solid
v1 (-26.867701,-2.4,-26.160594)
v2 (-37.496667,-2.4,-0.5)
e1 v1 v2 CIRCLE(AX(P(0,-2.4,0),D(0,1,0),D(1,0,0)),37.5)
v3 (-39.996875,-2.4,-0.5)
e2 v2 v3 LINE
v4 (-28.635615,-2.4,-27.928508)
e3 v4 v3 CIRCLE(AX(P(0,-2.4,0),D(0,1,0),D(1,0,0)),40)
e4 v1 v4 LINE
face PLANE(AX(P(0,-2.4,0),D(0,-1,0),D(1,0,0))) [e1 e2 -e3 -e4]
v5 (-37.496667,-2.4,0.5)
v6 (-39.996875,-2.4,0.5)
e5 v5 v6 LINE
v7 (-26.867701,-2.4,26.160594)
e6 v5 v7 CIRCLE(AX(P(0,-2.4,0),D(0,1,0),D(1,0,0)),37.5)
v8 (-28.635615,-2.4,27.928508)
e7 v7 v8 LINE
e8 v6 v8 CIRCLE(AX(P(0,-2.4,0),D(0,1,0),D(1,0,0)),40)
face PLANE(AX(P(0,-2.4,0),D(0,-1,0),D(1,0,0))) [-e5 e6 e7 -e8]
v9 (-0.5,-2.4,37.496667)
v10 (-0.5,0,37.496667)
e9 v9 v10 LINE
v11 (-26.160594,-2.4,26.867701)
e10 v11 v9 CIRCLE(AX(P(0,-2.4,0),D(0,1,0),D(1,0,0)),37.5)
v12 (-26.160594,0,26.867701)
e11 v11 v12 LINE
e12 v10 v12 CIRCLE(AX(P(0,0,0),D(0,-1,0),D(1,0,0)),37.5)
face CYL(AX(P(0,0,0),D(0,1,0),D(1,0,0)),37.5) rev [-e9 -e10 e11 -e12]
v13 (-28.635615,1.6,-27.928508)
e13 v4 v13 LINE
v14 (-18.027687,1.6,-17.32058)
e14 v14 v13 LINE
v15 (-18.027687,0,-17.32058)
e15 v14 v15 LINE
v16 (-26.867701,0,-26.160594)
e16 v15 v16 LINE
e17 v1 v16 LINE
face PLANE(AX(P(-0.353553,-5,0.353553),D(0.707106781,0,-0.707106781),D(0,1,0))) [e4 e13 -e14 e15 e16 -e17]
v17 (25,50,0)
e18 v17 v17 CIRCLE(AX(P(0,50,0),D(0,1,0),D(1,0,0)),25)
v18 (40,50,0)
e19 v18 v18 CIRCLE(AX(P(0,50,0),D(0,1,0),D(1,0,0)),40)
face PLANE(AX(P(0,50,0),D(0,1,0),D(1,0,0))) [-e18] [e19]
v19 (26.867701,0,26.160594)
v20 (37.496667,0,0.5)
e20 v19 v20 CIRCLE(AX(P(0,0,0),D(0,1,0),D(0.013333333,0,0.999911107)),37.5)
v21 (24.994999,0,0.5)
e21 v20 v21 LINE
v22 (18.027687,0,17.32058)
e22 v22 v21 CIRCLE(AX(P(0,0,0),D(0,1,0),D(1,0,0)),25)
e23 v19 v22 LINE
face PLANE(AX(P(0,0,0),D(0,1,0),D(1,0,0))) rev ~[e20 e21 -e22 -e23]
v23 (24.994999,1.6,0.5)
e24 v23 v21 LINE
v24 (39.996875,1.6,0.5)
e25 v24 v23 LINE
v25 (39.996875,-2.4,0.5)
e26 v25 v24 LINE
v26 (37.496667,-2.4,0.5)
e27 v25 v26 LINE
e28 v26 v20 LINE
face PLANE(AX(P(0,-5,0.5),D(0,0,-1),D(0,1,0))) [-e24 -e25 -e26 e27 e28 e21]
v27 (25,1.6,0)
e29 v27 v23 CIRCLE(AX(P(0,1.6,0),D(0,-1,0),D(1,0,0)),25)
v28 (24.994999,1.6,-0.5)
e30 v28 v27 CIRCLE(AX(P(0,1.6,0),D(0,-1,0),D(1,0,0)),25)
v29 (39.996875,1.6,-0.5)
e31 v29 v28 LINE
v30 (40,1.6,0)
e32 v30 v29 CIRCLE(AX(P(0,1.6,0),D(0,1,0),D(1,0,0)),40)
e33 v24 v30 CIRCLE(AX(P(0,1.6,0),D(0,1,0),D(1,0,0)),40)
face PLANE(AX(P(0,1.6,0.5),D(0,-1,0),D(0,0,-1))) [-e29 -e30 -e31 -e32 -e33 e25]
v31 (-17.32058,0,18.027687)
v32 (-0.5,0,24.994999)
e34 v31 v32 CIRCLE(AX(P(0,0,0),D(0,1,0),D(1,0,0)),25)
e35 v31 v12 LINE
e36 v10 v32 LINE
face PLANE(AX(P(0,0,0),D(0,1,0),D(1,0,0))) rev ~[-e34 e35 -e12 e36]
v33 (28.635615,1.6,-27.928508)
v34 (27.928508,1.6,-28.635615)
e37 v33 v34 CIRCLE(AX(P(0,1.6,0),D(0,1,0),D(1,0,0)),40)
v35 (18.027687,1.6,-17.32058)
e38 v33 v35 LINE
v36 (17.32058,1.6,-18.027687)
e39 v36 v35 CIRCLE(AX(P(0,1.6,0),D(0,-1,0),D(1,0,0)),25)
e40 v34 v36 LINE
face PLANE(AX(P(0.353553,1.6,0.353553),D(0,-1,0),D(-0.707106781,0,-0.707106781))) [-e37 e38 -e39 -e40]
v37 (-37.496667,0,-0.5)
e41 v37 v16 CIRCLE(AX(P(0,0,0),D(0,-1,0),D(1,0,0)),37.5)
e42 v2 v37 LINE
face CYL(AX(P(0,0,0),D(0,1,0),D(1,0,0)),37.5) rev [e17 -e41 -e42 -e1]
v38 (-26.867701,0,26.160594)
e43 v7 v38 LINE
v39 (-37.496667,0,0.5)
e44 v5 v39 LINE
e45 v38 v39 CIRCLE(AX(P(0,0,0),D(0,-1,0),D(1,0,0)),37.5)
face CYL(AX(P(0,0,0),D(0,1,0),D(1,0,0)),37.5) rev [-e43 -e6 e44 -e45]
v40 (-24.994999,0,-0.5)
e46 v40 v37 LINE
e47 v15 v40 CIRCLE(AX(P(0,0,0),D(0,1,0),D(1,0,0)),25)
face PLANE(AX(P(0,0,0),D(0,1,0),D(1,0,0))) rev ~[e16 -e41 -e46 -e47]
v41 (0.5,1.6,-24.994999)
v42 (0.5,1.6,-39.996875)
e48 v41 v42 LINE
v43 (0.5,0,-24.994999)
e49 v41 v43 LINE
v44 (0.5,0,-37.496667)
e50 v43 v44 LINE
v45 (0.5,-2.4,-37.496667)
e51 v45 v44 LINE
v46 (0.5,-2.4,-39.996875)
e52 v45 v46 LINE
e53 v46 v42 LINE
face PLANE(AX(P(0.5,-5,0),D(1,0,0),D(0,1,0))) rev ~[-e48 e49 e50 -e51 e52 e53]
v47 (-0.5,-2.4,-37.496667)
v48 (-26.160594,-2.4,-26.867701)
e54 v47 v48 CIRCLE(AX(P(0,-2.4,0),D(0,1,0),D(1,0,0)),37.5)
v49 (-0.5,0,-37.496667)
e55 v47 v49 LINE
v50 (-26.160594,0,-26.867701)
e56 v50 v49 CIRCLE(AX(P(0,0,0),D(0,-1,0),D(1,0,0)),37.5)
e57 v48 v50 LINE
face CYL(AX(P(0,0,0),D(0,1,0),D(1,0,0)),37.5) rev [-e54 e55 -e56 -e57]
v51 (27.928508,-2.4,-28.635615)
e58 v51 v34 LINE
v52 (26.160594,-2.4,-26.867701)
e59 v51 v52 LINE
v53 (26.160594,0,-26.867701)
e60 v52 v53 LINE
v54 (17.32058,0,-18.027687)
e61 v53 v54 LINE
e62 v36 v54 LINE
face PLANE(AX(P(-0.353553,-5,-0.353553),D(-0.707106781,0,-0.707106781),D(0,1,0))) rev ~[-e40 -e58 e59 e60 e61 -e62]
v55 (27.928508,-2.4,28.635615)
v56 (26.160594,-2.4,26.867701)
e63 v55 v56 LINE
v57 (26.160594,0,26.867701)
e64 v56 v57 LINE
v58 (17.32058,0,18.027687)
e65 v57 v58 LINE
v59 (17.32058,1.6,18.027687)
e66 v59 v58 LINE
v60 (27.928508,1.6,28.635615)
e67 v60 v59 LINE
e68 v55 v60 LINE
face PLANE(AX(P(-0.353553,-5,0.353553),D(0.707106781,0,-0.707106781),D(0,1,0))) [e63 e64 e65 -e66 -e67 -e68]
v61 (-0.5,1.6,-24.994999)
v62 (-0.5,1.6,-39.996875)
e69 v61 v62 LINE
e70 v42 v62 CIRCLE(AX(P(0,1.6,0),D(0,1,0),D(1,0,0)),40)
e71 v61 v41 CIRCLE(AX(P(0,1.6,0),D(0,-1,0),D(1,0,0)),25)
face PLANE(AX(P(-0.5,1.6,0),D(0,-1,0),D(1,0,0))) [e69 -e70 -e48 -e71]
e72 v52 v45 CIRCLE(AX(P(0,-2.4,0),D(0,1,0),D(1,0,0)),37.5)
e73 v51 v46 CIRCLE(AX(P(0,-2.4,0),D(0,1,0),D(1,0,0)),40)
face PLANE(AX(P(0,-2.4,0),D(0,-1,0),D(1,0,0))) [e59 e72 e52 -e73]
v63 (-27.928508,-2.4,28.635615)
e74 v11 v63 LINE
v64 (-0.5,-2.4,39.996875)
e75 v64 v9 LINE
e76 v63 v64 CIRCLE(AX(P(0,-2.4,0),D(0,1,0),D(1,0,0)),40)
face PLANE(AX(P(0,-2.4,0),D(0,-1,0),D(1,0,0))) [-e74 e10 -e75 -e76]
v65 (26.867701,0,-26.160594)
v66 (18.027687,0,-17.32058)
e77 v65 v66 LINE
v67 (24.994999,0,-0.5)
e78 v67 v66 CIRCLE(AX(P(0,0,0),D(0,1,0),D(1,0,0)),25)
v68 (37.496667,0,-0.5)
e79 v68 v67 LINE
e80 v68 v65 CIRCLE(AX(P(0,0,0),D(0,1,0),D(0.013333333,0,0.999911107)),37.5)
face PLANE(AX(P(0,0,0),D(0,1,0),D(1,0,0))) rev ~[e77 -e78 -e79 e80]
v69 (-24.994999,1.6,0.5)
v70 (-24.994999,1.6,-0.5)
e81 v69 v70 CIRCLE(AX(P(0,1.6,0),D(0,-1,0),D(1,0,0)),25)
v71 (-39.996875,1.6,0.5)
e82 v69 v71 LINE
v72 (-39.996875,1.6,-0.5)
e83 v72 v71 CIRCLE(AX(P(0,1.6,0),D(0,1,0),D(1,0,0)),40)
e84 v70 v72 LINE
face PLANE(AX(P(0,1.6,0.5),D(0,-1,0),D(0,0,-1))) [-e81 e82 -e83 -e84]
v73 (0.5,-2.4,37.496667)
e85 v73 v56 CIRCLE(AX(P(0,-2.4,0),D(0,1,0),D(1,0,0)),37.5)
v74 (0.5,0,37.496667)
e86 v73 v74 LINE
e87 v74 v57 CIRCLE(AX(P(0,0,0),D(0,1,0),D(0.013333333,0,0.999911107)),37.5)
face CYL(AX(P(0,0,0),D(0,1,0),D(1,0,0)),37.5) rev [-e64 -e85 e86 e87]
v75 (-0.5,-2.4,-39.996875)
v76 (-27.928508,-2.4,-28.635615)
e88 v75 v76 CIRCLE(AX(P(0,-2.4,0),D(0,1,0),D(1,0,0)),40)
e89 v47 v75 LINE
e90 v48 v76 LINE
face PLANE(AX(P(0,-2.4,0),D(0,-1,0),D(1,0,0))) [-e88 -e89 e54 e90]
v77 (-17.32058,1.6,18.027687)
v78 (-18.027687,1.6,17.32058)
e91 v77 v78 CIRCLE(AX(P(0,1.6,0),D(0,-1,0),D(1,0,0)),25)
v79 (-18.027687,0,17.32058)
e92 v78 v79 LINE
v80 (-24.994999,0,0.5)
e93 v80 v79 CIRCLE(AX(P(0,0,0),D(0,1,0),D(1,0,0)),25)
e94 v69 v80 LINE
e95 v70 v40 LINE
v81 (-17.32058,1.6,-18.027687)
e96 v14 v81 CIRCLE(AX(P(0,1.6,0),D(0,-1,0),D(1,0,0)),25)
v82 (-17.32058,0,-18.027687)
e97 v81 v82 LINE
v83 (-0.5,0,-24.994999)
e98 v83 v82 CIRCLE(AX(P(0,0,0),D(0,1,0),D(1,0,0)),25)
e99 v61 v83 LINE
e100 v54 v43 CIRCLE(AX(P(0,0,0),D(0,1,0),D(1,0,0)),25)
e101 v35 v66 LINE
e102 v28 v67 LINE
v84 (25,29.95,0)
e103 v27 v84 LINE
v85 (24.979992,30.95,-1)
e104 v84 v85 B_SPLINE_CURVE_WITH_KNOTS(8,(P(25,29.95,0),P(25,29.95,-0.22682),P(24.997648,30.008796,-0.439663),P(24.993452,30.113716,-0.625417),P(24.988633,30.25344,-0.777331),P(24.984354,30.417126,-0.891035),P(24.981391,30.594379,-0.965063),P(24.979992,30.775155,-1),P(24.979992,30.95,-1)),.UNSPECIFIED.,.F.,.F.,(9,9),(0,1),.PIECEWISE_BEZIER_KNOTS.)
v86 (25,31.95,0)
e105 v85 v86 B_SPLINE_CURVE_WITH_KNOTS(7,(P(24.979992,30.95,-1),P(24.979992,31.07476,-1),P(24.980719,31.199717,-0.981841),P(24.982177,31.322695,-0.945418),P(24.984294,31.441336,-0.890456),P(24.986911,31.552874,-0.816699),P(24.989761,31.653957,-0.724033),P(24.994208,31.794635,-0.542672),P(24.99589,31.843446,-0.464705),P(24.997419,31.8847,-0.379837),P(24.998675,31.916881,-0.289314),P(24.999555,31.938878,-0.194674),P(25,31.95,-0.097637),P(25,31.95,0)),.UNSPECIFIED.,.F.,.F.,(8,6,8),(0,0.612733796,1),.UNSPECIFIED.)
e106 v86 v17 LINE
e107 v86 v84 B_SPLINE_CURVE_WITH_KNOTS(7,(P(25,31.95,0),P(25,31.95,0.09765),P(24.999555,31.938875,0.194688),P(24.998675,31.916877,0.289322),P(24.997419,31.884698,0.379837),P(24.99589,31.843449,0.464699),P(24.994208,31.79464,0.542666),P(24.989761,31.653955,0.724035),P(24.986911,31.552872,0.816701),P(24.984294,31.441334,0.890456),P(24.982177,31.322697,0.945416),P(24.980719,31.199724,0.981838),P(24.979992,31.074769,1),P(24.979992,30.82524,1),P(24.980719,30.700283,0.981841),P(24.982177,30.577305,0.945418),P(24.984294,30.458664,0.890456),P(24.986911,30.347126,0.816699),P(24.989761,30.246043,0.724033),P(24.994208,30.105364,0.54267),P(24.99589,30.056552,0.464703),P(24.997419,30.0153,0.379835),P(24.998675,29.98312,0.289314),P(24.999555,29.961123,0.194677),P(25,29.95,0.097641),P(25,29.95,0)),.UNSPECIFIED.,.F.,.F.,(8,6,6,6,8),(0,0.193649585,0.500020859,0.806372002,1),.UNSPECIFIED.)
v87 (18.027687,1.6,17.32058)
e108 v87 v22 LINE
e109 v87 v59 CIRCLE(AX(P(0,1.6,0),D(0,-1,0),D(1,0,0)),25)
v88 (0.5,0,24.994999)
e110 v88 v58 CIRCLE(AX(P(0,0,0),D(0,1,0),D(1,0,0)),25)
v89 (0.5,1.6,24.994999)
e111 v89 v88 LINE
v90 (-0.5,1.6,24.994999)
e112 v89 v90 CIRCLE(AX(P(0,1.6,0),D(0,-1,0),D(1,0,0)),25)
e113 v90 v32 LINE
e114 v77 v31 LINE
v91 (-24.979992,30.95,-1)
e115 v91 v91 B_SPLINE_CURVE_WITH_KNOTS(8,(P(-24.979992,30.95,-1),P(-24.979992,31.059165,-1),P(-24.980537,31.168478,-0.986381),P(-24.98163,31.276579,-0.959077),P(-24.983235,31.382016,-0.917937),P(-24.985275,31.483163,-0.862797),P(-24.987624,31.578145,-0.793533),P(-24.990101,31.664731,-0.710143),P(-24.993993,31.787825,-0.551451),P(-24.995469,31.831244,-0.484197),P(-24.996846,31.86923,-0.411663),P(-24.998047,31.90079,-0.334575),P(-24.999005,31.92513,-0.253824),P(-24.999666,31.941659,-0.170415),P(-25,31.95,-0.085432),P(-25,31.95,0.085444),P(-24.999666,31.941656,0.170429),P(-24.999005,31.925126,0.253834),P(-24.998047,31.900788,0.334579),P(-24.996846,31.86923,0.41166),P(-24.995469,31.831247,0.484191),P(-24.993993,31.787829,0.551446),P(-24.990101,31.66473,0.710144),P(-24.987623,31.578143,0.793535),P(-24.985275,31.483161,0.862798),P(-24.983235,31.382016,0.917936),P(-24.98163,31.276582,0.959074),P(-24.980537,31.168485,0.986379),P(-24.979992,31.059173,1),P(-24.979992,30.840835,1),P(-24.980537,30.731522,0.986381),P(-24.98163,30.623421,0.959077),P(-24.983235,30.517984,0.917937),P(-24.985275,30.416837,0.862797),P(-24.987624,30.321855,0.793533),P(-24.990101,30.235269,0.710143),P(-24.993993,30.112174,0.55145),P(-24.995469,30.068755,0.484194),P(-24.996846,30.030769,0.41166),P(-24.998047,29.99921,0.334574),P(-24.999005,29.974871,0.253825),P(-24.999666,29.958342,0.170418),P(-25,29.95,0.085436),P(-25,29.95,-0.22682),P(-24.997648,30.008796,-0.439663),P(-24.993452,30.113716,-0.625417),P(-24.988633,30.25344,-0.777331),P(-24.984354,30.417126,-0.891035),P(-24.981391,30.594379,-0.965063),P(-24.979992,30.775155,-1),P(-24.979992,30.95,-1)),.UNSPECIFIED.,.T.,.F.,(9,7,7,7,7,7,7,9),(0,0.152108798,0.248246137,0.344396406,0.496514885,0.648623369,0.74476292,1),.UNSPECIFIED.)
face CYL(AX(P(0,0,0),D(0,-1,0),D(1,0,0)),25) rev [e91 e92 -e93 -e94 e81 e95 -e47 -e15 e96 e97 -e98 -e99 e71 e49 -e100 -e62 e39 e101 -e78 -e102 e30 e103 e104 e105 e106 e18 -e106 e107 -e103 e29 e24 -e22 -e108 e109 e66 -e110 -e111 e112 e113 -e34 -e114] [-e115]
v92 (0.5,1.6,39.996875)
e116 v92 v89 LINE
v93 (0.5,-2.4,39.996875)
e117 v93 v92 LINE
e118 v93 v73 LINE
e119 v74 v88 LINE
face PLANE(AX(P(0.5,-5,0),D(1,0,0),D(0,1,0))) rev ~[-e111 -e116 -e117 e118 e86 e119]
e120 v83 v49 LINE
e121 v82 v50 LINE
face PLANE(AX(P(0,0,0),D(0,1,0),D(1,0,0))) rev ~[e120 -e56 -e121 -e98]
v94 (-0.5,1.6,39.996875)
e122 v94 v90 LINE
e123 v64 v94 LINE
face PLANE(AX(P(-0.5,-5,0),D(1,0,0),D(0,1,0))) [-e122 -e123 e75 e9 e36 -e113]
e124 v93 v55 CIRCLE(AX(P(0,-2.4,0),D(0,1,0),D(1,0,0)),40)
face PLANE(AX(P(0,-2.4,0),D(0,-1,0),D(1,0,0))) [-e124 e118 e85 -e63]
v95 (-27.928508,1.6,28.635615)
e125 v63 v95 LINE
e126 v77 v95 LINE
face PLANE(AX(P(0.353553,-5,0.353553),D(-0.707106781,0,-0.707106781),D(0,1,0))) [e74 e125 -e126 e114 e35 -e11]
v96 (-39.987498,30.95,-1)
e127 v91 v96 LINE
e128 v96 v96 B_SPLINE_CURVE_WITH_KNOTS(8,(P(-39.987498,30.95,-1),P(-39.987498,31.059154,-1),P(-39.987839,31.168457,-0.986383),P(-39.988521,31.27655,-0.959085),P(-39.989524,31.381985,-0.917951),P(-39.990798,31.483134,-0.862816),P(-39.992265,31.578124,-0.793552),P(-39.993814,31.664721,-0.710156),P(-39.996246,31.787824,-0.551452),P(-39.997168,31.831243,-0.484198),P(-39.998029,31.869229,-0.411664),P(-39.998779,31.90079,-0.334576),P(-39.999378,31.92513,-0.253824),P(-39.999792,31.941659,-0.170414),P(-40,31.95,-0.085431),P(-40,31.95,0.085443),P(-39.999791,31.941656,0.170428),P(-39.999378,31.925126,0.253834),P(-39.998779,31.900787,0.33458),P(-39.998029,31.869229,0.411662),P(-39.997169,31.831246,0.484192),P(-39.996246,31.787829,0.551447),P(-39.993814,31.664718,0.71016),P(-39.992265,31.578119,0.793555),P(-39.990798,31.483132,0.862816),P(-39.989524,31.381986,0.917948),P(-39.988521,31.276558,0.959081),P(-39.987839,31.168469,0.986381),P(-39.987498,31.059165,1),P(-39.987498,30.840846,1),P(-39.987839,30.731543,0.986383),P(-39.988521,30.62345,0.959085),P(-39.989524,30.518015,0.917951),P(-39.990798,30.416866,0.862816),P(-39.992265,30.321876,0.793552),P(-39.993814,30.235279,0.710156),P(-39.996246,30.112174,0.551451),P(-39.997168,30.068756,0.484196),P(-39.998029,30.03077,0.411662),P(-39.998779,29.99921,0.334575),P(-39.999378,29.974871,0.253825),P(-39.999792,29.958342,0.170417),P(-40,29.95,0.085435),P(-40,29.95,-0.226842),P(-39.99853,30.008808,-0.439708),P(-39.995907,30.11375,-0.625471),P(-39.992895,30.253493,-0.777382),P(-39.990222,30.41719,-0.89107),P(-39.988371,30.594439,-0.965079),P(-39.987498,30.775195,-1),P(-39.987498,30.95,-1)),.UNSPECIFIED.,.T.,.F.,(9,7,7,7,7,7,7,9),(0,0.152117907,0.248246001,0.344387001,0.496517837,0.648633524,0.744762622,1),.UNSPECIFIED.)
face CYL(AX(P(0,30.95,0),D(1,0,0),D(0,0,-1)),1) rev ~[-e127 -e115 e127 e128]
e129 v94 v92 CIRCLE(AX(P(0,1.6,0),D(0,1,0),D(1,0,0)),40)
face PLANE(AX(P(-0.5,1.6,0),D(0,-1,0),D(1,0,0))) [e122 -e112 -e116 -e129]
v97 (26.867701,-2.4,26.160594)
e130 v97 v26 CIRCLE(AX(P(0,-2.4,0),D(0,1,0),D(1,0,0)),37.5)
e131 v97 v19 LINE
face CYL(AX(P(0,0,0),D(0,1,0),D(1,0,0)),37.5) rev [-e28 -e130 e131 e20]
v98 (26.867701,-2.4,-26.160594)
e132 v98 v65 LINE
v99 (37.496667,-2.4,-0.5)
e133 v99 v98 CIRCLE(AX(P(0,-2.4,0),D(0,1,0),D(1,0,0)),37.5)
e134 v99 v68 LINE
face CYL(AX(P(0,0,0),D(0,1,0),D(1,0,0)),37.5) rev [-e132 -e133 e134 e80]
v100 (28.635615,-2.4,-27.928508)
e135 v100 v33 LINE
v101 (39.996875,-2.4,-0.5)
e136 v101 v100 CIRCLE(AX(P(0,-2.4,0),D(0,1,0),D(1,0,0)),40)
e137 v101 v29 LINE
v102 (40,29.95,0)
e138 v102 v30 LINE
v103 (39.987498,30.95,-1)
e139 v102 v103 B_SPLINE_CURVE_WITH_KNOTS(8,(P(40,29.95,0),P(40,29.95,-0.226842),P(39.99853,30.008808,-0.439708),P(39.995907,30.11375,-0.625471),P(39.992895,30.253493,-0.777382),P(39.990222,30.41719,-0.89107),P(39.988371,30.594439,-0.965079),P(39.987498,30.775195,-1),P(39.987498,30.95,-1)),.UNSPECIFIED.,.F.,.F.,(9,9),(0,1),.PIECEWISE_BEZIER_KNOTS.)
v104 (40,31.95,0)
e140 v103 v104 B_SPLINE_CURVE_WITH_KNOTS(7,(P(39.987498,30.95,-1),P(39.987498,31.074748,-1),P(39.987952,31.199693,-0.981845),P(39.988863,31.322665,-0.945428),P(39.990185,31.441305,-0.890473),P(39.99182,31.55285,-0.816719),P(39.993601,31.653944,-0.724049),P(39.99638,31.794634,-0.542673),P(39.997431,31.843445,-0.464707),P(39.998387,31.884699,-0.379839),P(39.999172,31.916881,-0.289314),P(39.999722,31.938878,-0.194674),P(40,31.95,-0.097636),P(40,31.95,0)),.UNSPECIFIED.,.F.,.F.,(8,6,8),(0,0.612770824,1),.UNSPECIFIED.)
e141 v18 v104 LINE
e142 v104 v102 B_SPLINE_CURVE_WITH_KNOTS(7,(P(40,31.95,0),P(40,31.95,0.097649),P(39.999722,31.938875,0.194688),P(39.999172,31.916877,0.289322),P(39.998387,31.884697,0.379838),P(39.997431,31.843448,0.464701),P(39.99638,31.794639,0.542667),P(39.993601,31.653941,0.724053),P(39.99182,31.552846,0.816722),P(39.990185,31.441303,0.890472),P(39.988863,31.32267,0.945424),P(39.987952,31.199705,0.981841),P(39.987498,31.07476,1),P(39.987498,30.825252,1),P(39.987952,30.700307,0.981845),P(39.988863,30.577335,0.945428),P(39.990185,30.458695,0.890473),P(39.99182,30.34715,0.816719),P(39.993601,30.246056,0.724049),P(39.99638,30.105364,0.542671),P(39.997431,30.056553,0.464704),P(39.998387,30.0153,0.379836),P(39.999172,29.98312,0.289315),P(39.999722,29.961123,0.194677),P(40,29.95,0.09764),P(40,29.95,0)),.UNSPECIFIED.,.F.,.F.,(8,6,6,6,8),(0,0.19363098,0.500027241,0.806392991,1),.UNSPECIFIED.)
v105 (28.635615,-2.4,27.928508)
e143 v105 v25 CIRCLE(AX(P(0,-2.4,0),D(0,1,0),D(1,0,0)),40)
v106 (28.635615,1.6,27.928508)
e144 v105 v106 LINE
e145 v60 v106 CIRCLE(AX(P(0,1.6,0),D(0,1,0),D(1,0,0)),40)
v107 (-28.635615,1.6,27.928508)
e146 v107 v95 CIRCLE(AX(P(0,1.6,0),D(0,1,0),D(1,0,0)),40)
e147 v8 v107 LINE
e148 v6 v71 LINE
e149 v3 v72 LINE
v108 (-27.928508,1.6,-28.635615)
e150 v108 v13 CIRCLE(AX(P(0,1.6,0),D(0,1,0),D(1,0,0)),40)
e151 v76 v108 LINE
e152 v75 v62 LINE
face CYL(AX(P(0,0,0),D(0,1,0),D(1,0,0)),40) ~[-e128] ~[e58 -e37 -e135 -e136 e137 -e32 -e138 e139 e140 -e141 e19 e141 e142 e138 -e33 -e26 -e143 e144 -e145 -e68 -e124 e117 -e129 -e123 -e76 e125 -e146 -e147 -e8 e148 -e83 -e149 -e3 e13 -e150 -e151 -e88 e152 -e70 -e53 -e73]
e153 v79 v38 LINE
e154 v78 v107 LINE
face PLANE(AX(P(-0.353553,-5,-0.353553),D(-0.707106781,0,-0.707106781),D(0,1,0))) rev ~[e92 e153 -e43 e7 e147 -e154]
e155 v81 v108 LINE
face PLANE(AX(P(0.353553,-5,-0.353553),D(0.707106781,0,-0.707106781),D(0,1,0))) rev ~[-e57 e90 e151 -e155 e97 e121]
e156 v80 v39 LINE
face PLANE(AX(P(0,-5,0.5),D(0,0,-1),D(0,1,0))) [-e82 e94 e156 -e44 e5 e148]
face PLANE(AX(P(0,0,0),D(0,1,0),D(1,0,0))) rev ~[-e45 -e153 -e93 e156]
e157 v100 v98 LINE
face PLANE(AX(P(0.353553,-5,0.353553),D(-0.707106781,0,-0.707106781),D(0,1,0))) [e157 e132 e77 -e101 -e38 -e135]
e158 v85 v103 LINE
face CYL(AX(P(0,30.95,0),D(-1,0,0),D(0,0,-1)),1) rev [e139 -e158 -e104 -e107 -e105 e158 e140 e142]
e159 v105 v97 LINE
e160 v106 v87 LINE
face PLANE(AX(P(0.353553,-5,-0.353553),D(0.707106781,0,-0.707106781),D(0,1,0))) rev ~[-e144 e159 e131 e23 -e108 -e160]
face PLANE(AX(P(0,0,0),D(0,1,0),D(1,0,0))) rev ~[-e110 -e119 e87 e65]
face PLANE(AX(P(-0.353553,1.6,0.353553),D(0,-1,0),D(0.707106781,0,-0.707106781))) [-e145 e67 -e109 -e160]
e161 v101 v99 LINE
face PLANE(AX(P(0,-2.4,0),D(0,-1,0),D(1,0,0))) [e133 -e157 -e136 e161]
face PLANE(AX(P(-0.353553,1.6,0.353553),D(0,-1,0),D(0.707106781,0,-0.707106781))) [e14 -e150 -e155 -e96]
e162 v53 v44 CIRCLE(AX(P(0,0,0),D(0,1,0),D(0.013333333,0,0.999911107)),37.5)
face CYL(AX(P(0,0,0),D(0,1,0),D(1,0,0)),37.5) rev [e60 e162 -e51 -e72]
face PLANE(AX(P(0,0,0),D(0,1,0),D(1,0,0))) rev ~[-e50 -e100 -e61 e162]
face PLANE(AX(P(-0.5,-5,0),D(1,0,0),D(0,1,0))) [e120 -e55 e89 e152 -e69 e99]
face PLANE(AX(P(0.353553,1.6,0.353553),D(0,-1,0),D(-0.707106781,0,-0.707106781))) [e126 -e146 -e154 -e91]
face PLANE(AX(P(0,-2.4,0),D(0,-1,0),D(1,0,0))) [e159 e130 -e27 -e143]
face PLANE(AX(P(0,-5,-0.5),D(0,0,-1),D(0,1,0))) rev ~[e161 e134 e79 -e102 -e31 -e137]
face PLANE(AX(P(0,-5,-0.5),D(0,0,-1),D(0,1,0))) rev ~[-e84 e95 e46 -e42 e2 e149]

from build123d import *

# Parameters (mm, degrees)
SKETCH1_R               = 40
SKETCH1_R_2             = 25
BOSS_EXTRUDE1_DEPTH     = 50
SKETCH2_R               = 40
SKETCH2_R_2             = 37.5
BOSS_EXTRUDE2_DEPTH     = 5
SKETCH3_R               = 1
CUT_EXTRUDE2_DEPTH      = 41
CUT_EXTRUDE2_DEPTH_BACK = 41
SKETCH4_W               = 1
SKETCH4_H               = 6.6
CUT_EXTRUDE3_DEPTH      = 41.0000001
CIRPATTERN1_COUNT       = 4
CIRPATTERN1_ANGLE       = 135
SKETCH5_R               = 61.08994387
CUT_EXTRUDE4_DEPTH      = 2.6


with BuildPart() as part:
    # Sketch1 → Boss-Extrude1 (new body)
    with BuildSketch(Plane(origin=(0, 0, 0), x_dir=(1, 0, 0), z_dir=(0, 1, 0))):
        Circle(SKETCH1_R)
        Circle(SKETCH1_R_2, mode=Mode.SUBTRACT)
    extrude(amount=BOSS_EXTRUDE1_DEPTH)

    # Sketch2 → Boss-Extrude2 (add)
    with BuildSketch(Plane.XZ):
        Circle(SKETCH2_R)
        Circle(SKETCH2_R_2, mode=Mode.SUBTRACT)
    extrude(amount=BOSS_EXTRUDE2_DEPTH)

    # Sketch3 → Cut-Extrude2 (cut, two sides)
    with BuildSketch(Plane(origin=(0, 0, 0), x_dir=(0, 0, -1), z_dir=(1, 0, 0))) as cut_extrude2_sk:
        with Locations((0, 30.95)):
            Circle(SKETCH3_R)
    extrude(amount=CUT_EXTRUDE2_DEPTH, mode=Mode.SUBTRACT)
    extrude(cut_extrude2_sk.sketch, amount=-CUT_EXTRUDE2_DEPTH_BACK, mode=Mode.SUBTRACT)

    # Sketch4 → Cut-Extrude3 (cut, symmetric)
    with BuildSketch(Plane.XY):
        with Locations((0, -1.7)):
            Rectangle(SKETCH4_W, SKETCH4_H)
    cut_extrude3 = extrude(amount=CUT_EXTRUDE3_DEPTH, both=True, mode=Mode.SUBTRACT)

    # CirPattern1: Cut-Extrude3 ×4 about axis
    cirpattern1_axis = Axis((0, 0, 0), (0, 1, 0))
    for i in range(1, CIRPATTERN1_COUNT):
        add(cut_extrude3.rotate(cirpattern1_axis, i * CIRPATTERN1_ANGLE / (CIRPATTERN1_COUNT - 1)), mode=Mode.SUBTRACT)

    # Sketch5 → Cut-Extrude4 (cut)
    with BuildSketch(Plane.XZ.offset(5)):
        Circle(SKETCH5_R)
    extrude(amount=-CUT_EXTRUDE4_DEPTH, mode=Mode.SUBTRACT)


solid = part.part
